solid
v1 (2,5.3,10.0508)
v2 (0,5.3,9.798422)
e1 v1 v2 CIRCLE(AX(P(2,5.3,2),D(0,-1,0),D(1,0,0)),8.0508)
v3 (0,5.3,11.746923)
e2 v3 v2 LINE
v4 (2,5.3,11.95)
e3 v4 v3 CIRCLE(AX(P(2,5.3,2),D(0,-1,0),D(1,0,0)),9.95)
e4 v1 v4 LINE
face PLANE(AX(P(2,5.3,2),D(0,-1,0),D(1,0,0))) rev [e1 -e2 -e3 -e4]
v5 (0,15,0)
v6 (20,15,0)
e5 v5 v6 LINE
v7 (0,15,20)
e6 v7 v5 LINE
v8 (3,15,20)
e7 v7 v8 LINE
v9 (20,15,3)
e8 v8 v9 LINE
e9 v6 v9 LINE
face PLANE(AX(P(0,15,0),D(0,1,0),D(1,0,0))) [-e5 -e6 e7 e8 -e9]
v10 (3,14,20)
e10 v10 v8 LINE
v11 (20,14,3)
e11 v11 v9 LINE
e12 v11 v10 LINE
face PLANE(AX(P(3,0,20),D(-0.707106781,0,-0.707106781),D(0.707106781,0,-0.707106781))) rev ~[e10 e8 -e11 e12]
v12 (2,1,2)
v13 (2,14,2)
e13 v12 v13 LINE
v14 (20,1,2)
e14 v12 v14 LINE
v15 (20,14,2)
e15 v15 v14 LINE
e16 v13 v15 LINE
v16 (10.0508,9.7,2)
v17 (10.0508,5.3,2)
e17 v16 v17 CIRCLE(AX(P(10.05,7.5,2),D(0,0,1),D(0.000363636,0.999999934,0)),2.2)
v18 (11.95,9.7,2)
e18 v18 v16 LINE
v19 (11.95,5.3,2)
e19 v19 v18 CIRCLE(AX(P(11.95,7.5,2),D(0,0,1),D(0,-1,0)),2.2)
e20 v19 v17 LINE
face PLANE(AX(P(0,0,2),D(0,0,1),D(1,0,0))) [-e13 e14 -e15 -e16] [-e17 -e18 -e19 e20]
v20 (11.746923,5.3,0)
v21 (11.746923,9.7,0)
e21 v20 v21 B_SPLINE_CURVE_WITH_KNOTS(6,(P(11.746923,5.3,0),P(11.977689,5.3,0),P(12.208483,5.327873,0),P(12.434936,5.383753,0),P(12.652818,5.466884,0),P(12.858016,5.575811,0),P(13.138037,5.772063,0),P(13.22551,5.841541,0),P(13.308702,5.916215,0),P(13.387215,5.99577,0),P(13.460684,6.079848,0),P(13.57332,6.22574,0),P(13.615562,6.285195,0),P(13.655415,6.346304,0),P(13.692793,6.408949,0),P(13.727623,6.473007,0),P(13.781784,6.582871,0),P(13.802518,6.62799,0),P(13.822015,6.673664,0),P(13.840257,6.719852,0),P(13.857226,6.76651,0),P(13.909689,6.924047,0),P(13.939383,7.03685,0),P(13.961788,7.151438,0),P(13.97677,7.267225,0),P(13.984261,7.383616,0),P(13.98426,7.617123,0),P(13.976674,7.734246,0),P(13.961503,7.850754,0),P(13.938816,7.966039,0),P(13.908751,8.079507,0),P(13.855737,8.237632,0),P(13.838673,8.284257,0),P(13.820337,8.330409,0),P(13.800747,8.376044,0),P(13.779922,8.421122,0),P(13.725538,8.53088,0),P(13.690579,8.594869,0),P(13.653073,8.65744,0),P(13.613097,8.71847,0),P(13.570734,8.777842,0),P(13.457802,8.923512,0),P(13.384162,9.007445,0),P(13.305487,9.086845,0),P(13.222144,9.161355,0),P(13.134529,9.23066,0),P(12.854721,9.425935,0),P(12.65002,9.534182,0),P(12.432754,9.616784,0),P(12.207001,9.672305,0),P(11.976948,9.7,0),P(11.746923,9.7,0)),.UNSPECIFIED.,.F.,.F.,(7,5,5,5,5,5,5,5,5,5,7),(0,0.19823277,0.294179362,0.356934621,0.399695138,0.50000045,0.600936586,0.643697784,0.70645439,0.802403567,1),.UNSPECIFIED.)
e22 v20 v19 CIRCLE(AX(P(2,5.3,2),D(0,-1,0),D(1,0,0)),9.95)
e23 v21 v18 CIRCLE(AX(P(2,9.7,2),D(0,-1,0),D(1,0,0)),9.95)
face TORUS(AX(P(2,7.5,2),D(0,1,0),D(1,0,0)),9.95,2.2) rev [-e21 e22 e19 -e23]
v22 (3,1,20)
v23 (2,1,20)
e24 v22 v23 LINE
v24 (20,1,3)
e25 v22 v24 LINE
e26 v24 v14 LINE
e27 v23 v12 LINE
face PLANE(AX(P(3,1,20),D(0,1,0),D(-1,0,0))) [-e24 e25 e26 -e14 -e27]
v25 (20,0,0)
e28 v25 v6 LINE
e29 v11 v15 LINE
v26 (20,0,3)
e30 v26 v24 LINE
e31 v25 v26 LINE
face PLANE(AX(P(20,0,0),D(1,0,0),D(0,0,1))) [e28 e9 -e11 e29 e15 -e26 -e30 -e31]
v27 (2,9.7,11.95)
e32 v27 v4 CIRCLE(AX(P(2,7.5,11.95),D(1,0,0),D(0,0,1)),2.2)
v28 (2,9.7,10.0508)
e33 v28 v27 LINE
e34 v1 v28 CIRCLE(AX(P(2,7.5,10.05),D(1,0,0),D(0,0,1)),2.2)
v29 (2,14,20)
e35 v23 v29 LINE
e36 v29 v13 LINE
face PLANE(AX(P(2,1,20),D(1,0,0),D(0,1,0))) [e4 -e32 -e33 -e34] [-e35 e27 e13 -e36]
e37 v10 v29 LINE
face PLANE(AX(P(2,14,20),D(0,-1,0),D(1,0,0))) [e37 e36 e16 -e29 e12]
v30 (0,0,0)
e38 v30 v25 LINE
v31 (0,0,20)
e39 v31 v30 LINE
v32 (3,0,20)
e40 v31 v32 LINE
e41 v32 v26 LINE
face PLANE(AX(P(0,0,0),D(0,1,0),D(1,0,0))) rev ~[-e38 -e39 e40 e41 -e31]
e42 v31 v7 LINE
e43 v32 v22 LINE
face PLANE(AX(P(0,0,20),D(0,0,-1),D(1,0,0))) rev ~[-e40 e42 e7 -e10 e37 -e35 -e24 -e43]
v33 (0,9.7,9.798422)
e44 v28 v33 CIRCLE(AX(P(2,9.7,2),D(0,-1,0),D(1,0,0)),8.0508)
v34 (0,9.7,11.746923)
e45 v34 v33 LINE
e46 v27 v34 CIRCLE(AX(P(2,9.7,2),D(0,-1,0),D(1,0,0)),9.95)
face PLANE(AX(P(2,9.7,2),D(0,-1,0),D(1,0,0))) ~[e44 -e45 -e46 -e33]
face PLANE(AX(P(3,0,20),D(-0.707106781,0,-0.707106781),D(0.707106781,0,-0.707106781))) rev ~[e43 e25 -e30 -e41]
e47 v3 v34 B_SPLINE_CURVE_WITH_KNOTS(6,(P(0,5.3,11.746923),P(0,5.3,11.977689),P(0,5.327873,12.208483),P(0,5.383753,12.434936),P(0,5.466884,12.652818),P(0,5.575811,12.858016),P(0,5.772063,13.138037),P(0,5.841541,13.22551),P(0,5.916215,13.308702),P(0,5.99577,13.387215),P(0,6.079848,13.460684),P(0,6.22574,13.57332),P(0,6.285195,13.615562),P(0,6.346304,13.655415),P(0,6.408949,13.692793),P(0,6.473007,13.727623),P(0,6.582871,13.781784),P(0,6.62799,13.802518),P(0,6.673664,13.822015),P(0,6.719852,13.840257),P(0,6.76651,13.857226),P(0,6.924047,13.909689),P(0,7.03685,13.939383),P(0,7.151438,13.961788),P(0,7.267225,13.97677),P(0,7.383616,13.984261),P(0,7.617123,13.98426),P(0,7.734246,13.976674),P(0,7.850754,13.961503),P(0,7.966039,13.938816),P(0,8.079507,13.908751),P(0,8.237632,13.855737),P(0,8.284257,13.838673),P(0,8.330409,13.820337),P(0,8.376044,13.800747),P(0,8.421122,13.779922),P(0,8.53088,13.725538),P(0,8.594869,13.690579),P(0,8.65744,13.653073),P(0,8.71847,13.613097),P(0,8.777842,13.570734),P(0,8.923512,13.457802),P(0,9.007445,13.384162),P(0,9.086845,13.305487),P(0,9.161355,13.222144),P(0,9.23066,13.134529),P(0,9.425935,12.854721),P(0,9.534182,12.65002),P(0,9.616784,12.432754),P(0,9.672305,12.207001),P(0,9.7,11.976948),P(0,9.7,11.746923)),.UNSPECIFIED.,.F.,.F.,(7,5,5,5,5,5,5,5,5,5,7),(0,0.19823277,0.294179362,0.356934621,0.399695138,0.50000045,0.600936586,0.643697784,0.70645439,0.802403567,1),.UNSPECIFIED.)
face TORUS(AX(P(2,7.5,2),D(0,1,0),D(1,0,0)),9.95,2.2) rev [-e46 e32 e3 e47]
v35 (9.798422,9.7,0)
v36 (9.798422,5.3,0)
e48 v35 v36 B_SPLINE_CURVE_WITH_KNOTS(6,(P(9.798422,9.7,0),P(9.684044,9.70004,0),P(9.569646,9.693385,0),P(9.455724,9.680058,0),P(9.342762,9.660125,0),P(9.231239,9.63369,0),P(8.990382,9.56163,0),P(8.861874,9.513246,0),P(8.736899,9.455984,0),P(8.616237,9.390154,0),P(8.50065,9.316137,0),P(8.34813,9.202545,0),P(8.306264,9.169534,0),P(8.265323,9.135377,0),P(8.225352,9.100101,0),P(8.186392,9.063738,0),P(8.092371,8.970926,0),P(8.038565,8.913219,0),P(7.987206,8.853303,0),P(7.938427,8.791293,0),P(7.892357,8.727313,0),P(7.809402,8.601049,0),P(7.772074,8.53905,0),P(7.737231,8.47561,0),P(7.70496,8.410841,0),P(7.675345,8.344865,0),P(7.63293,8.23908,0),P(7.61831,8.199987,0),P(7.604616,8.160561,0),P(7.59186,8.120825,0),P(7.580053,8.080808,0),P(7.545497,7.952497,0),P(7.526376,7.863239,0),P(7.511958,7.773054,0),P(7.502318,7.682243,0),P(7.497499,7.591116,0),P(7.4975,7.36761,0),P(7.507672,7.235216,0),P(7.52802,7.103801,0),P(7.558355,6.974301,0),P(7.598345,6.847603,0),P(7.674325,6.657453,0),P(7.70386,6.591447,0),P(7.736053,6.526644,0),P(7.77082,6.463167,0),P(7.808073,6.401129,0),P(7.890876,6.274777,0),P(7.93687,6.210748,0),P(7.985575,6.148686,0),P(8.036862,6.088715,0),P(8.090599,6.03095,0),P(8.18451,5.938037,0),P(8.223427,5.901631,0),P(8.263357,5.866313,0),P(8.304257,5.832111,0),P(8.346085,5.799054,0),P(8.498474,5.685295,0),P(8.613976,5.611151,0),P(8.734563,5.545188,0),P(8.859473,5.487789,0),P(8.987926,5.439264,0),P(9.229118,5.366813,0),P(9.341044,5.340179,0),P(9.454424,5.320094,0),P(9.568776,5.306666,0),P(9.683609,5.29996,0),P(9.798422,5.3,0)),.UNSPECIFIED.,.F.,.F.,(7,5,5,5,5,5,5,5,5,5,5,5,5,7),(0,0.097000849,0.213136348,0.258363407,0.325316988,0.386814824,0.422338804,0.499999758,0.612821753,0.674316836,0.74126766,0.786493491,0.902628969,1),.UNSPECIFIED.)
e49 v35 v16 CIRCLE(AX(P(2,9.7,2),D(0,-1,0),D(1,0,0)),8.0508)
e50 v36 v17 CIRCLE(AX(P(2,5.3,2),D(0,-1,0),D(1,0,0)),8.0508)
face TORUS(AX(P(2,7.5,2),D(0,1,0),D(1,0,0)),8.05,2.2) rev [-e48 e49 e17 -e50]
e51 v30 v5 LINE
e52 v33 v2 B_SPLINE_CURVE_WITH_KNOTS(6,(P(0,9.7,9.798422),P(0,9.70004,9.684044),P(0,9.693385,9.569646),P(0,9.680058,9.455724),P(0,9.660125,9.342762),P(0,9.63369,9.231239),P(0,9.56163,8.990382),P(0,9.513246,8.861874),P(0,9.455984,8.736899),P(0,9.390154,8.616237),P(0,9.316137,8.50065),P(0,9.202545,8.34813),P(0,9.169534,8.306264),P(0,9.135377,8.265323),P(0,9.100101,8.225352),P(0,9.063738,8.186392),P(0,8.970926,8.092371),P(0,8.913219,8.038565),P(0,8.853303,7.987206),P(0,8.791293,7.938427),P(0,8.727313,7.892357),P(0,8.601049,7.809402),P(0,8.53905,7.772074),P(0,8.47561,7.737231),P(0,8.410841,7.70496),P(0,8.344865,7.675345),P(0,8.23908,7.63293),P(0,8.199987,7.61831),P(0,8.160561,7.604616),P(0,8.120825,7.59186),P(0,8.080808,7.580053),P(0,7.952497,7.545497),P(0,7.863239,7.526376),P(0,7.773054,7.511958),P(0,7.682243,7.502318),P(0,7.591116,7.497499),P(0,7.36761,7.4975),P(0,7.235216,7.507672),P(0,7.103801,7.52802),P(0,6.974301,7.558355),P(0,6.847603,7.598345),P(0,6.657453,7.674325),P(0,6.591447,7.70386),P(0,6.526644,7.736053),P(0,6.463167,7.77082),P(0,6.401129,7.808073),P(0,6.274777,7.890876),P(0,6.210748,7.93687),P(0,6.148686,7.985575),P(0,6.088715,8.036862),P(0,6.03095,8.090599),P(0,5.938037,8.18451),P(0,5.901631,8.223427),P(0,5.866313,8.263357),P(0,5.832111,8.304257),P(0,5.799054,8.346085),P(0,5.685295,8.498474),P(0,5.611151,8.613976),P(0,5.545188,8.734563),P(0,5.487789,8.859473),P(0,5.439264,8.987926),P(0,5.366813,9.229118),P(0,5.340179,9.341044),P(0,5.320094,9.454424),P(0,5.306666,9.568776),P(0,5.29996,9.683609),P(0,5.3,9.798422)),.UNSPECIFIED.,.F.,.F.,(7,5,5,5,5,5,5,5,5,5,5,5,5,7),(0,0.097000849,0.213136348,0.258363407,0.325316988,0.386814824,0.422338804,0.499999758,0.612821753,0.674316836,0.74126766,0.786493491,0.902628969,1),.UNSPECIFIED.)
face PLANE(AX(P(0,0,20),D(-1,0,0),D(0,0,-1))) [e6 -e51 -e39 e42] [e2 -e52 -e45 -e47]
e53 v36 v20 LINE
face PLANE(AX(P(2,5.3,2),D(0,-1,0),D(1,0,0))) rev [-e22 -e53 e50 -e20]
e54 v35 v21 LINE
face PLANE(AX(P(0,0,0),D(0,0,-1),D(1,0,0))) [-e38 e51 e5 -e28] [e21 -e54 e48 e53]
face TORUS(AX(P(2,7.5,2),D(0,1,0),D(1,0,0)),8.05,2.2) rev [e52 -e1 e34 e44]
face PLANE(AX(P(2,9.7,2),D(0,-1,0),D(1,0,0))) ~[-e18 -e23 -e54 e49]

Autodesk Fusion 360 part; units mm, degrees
sketch "Sketch1" plane through (0, 0, 0) normal (0, 1, 0) x (1, 0, 0)
  line L0 (0, 0) -> (20, 0)
  line L1 (0, -20) -> (0, 0)
  line L2 (20, 0) -> (20, -3)
  line L3 (0, -20) -> (3, -20)
  line L4 (3, -20) -> (20, -3)
extrude "Extrude1" add sketch "Sketch1" along normal blind 15
sketch "Sketch2" plane through (0, 0, 20) normal (0, 0, 1) x (1, 0, 0)
  line L0 (0, 0) -> (3, 0)
  line L1 (3, 0) -> (3, 15)
  line L2 (3, 15) -> (0, 15)
  line L3 (0, 15) -> (0, 0)
  line L4 (2, 14) -> (20, 14)
  line L5 (20, 14) -> (20, 1)
  line L6 (20, 1) -> (2, 1)
  line L7 (2, 1) -> (2, 14)
extrude "Extrude2" cut sketch "Sketch2" against normal blind 18 contours L1 L4 L6 L7 | L1 L4 L5 L6
sketch "Sketch3" plane through (0, 0, 2) normal (0, 0, 1) x (1, 0, 0)
  line L0 (2, 1) -> (20, 1)
  line L1 (20, 1) -> (20, 14)
  line L2 (20, 14) -> (2, 14)
  line L3 (2, 14) -> (2, 1)
  arc A0 (10.0508, 9.7) -> (10.0508, 5.3) centre (10.05, 7.5) ccw
  arc A1 (11.95, 5.3) -> (11.95, 9.7) centre (11.95, 7.5) ccw
  line L4 (10.0508, 9.7) -> (11.95, 9.7)
  line L5 (10.0508, 5.3) -> (11.95, 5.3)
  dimension "d5" = 4.4
  dimension "d6" = 4.4
  dimension "d8" = 1.9
  dimension "d9" = 8.05
revolve "Revolve1" cut sketch "Sketch3" angle 360 about axis through (2, 14, 2) along (0, -1, 0) contours A0 A1 L4 L5
equation "d8 = 6.3 mm - 4.4 mm"
